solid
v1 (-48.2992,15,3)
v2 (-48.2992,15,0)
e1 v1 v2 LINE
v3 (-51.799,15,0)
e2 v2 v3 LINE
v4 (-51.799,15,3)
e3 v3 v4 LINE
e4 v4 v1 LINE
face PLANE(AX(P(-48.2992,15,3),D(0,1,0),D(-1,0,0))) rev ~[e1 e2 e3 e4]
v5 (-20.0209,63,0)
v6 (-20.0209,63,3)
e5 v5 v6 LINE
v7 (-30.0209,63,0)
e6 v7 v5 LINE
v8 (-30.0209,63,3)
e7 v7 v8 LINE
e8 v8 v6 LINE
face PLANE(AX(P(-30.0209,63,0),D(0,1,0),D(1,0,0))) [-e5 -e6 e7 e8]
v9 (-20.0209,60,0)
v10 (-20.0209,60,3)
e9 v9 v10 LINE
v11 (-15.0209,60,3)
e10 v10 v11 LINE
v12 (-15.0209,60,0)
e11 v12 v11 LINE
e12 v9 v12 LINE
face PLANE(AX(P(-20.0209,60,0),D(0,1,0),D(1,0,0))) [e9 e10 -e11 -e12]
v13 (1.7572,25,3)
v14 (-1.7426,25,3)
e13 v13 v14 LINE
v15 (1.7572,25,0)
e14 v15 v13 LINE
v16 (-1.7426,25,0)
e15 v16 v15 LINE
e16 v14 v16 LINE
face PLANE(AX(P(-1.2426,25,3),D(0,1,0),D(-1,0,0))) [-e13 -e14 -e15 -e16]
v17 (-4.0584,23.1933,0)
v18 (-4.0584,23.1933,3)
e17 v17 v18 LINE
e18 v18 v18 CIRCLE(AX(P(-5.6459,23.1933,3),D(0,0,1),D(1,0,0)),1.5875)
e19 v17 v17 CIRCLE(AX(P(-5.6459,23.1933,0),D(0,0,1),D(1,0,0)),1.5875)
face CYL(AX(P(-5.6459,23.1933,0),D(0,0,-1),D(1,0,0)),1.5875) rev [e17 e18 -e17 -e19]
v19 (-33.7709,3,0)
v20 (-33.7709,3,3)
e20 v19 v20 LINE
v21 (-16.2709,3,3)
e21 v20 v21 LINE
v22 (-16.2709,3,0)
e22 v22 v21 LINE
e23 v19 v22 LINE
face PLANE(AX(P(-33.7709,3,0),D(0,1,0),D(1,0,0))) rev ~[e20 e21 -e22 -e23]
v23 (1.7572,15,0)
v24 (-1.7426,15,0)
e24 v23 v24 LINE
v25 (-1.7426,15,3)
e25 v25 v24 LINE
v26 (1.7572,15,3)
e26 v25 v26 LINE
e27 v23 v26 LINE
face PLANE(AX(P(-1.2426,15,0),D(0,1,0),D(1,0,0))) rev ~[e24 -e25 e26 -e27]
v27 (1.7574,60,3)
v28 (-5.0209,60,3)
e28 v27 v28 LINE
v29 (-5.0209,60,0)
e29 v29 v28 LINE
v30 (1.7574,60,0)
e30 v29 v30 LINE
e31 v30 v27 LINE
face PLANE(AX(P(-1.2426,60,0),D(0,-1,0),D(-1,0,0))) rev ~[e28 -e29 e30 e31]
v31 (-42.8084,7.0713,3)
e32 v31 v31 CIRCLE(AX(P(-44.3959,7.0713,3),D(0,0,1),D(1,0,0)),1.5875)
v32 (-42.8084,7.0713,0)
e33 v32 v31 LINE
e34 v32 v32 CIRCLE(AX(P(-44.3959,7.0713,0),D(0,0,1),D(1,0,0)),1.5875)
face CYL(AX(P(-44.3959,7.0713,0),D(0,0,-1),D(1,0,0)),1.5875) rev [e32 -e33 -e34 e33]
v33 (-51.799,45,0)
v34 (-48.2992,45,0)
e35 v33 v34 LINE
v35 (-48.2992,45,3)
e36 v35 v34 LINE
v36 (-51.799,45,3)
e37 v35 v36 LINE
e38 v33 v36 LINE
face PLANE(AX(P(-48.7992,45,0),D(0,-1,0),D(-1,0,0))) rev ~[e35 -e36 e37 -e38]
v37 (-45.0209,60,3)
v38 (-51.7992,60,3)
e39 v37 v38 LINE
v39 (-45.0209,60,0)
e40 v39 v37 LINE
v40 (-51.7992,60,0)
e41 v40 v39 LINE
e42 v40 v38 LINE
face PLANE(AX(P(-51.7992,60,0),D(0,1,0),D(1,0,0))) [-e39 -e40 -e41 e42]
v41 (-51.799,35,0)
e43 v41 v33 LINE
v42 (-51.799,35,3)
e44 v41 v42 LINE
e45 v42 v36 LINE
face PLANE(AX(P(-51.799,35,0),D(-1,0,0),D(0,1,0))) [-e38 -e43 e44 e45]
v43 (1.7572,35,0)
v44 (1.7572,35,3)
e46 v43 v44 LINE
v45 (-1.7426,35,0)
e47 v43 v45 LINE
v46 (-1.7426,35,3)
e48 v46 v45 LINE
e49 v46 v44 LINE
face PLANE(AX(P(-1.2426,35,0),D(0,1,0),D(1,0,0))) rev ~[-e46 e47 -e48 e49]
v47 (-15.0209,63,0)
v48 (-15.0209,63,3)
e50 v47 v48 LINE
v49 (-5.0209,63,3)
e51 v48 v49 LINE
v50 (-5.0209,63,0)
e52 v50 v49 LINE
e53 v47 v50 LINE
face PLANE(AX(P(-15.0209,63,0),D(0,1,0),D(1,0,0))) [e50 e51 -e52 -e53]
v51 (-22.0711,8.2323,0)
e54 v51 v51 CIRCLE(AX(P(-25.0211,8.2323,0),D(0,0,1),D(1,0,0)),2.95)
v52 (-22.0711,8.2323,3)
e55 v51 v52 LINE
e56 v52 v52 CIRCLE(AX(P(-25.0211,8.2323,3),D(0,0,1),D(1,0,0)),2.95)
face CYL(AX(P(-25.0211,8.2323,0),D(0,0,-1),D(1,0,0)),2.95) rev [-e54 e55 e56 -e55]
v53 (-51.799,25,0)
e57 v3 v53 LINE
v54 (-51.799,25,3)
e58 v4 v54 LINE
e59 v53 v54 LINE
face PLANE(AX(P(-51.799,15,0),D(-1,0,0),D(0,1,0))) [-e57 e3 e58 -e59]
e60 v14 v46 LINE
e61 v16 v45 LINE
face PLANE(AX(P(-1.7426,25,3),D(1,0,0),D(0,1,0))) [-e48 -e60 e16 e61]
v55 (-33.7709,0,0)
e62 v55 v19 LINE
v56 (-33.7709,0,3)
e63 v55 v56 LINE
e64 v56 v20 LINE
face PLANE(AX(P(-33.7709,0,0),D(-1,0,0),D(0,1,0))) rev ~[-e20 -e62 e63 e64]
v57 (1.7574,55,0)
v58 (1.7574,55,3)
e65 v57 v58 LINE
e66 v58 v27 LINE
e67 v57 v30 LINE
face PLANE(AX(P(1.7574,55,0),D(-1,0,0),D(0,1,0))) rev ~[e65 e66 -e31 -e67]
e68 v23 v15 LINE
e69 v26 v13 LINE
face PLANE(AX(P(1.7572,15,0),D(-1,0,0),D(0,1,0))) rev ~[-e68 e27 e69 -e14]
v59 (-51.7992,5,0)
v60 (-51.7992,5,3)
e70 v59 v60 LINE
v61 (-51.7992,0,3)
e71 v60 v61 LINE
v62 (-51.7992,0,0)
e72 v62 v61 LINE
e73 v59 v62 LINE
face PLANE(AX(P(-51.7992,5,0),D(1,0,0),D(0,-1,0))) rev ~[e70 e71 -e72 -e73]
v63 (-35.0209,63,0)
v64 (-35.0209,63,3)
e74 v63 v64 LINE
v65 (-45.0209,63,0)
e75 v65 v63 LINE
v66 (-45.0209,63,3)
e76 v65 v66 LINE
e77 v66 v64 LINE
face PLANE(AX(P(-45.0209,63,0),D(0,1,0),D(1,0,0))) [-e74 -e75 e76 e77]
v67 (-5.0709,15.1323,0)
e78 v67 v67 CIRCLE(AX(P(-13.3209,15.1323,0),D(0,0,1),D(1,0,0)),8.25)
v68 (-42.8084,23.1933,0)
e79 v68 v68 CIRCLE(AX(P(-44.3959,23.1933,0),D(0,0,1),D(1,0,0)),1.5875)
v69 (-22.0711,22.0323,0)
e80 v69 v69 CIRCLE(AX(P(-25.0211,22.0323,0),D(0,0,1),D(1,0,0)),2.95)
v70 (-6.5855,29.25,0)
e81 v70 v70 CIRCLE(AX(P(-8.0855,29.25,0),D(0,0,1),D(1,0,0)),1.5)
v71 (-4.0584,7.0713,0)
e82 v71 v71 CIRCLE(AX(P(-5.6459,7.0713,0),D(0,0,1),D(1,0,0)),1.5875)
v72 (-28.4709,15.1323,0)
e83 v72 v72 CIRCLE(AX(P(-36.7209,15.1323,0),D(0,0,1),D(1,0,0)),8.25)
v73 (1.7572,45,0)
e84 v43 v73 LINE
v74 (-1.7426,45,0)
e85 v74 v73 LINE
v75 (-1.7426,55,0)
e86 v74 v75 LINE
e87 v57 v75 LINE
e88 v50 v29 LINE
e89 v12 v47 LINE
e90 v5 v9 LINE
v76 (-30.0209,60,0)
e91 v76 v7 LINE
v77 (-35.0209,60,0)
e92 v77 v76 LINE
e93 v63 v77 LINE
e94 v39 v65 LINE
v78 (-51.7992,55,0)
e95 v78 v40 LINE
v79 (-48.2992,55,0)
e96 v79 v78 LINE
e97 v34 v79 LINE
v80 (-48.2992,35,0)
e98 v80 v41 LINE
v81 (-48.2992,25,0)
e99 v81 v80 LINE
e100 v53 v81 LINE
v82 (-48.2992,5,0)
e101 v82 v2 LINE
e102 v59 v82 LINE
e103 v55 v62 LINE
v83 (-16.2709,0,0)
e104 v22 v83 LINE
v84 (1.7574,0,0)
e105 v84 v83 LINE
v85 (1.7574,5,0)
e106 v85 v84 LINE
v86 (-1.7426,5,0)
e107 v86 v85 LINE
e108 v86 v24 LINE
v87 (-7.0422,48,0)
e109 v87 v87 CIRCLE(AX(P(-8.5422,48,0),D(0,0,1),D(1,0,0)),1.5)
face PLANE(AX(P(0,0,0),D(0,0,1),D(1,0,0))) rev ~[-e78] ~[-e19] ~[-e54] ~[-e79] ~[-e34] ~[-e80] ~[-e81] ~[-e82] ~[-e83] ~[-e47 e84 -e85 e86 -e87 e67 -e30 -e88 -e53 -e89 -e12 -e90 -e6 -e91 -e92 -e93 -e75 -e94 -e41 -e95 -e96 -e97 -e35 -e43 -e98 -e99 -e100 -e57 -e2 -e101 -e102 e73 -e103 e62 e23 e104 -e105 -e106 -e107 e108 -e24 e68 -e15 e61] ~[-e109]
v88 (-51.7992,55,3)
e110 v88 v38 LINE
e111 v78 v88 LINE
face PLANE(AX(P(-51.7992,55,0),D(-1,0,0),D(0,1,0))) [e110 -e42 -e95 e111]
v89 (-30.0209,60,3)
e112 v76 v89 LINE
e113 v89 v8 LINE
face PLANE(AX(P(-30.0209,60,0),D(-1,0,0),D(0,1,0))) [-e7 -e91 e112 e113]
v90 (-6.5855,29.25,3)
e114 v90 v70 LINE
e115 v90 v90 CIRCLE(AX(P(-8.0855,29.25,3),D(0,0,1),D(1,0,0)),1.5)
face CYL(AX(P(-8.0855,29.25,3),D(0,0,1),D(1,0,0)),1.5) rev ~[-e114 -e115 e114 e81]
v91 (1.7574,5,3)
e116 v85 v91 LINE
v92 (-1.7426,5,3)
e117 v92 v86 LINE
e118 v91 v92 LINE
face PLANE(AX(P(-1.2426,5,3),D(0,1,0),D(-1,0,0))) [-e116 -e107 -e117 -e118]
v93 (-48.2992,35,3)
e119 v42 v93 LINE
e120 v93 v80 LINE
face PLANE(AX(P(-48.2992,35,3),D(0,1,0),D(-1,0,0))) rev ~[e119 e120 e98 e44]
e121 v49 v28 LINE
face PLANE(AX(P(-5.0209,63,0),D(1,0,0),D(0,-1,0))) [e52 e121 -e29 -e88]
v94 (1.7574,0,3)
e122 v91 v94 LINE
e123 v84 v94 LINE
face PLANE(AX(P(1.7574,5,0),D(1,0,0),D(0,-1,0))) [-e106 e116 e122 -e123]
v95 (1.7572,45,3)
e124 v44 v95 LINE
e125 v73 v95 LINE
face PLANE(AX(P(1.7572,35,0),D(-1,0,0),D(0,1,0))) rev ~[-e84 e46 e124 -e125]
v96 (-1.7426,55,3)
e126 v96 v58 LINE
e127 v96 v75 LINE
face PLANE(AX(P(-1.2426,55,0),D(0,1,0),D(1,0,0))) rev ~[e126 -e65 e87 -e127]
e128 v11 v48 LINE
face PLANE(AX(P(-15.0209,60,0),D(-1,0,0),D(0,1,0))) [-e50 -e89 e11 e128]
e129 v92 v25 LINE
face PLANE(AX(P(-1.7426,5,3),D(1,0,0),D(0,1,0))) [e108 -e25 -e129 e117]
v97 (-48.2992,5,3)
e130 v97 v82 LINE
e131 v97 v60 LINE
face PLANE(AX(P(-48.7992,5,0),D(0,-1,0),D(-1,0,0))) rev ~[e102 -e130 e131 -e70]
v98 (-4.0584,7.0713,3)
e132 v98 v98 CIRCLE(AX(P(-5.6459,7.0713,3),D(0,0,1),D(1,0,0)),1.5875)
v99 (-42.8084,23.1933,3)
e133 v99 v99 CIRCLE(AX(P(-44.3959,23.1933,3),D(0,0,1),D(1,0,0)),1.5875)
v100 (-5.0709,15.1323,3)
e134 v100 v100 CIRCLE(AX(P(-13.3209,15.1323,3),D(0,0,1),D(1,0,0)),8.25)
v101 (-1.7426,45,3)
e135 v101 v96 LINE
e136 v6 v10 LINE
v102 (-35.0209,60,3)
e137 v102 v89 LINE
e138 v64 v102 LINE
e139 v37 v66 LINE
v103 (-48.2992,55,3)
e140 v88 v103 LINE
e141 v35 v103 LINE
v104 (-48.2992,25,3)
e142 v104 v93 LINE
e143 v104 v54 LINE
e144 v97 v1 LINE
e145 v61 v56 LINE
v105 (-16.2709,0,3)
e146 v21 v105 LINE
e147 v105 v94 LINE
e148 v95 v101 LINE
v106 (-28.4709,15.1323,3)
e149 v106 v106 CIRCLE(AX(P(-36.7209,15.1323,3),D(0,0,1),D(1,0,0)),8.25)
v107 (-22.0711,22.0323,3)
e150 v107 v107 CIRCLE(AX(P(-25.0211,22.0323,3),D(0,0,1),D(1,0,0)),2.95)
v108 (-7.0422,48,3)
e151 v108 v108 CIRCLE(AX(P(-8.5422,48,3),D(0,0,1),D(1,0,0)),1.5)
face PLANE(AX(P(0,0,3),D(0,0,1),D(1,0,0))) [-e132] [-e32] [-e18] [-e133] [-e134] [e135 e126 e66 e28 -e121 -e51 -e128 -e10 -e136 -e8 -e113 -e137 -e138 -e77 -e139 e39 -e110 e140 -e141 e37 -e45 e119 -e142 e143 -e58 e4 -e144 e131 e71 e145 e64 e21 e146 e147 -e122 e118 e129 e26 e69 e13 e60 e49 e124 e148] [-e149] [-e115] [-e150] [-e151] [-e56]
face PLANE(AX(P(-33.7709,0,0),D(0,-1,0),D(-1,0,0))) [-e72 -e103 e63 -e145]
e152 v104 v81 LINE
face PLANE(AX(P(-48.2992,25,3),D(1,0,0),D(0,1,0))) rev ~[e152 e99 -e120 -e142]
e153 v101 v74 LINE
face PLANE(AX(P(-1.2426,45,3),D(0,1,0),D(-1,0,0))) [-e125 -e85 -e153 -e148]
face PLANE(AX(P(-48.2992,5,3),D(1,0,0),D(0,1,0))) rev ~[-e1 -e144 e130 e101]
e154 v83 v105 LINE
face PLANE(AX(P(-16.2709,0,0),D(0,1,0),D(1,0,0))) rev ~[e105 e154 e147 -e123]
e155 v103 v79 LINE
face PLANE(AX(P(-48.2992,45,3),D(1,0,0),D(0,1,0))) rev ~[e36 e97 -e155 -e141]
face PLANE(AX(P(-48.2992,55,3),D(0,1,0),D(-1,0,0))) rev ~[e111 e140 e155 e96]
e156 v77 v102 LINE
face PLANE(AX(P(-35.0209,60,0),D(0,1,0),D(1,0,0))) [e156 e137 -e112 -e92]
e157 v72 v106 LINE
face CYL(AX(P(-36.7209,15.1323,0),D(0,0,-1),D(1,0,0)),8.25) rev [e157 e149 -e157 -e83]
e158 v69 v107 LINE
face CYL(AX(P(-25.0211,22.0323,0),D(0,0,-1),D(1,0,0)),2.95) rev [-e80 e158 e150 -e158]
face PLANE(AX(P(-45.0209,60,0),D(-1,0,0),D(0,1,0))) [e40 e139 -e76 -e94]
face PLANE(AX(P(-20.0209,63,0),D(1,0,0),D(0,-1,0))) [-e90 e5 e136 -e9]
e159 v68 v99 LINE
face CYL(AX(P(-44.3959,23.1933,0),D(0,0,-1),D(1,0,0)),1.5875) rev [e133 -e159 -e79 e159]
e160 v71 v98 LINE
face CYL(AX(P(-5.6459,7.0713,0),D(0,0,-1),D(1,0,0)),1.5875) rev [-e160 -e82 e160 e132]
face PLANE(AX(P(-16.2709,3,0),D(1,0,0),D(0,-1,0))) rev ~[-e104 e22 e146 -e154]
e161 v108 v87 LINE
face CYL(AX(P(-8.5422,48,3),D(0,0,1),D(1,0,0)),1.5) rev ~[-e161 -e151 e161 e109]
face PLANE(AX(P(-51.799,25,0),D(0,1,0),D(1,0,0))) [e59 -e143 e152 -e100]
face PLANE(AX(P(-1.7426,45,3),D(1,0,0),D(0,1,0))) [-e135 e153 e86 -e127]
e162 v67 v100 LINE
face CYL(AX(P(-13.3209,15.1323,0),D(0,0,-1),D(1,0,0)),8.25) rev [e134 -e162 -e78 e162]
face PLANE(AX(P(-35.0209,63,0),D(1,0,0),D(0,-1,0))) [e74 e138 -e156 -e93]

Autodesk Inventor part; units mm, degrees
ref_plane "YZ Plane" through (0, 0, 0) normal (1, 0, 0) x (0, 1, 0)
ref_plane "XZ Plane" through (0, 0, 0) normal (0, 1, 0) x (-1, 0, 0)
ref_plane "XY Plane" through (0, 0, 0) normal (0, 0, 1) x (1, 0, 0)
sketch "Sketch1" plane through (0, 0, 0) normal (0, 0, 1) x (1, 0, 0)
  line L0 (-16.2709, 3) -> (-16.2709, 0)
  line L1 (-33.7709, 3) -> (-16.2709, 3)
  line L2 (-33.7709, 0) -> (-33.7709, 3)
  line L3 (-33.7709, 0) -> (-48.7992, 0)
  line L4 (-30.0209, 63) -> (-20.0209, 63)
  line L5 (-20.0209, 63) -> (-20.0209, 60)
  line L6 (-30.0209, 60) -> (-30.0209, 63)
  line L7 (-30.0209, 63) -> (-20.0209, 60) construction
  line L8 (-20.0209, 63) -> (-30.0209, 60) construction
  line L9 (-25.4776, 30) -> (-35.4566, 30) construction
  line L10 (-25.0209, 30) -> (-25.0209, 38) construction
  line L11 (-45.0209, 63) -> (-35.0209, 63)
  line L12 (-35.0209, 63) -> (-35.0209, 60)
  line L13 (-45.0209, 60) -> (-45.0209, 63)
  line L14 (-45.0209, 63) -> (-35.0209, 60) construction
  line L15 (-35.0209, 63) -> (-45.0209, 60) construction
  line L16 (-15.0209, 63) -> (-5.0209, 63)
  line L17 (-5.0209, 63) -> (-5.0209, 60)
  line L18 (-15.0209, 60) -> (-15.0209, 63)
  line L19 (-15.0209, 63) -> (-5.0209, 60) construction
  line L20 (-5.0209, 63) -> (-15.0209, 60) construction
  line L21 (-30.0209, 63) -> (-20.0209, 63)
  line L22 (-20.0209, 63) -> (-20.0209, 60)
  line L23 (-30.0209, 60) -> (-30.0209, 63)
  line L24 (-30.0209, 63) -> (-20.0209, 60) construction
  line L25 (-20.0209, 63) -> (-30.0209, 60) construction
  line L26 (-48.7992, 60) -> (-45.0209, 60)
  line L27 (-35.0209, 60) -> (-30.0209, 60)
  line L28 (-20.0209, 60) -> (-15.0209, 60)
  line L29 (-48.7992, 15) -> (-51.799, 15)
  line L30 (-51.799, 15) -> (-51.799, 25)
  line L31 (-51.799, 25) -> (-48.7992, 25)
  line L32 (-48.7992, 35) -> (-51.799, 35)
  line L33 (-51.799, 35) -> (-51.799, 45)
  line L34 (-48.7992, 45) -> (-51.799, 45)
  line L35 (-48.7992, 55) -> (-51.7992, 55)
  line L36 (-48.7992, 55) -> (-45.7992, 55) construction
  line L37 (-51.7992, 55) -> (-51.7992, 60)
  line L38 (-51.7992, 60) -> (-48.7992, 60)
  line L39 (-48.7992, 55) -> (-48.7992, 45)
  line L40 (-48.7992, 35) -> (-48.7992, 25)
  line L41 (-48.7992, 15) -> (-48.7992, 5)
  line L42 (-48.7992, 5) -> (-51.7992, 5)
  line L43 (-51.7992, 5) -> (-51.7992, 0)
  line L44 (-51.7992, 0) -> (-48.7992, 0)
  line L45 (-16.2709, 0) -> (-1.2426, 0)
  line L46 (-1.2426, 60) -> (-5.0209, 60)
  line L47 (-1.2426, 15) -> (1.7572, 15)
  line L48 (1.7572, 15) -> (1.7572, 25)
  line L49 (1.7572, 25) -> (-1.2426, 25)
  line L50 (-1.2426, 35) -> (1.7572, 35)
  line L51 (1.7572, 35) -> (1.7572, 45)
  line L52 (-1.2426, 45) -> (1.7572, 45)
  line L53 (-1.2426, 55) -> (1.7574, 55)
  line L54 (1.7574, 55) -> (1.7574, 60)
  line L55 (1.7574, 60) -> (-1.2426, 60)
  line L56 (-1.2426, 55) -> (-1.2426, 45)
  line L57 (-1.2426, 35) -> (-1.2426, 25)
  line L58 (-1.2426, 15) -> (-1.2426, 5)
  line L59 (-1.2426, 5) -> (1.7574, 5)
  line L60 (1.7574, 5) -> (1.7574, 0)
  line L61 (1.7574, 0) -> (-1.2426, 0)
  circle A0 centre (-44.3959, 23.1933) radius 1.5875
  circle A1 centre (-44.3959, 7.0713) radius 1.5875
  circle A2 centre (-36.7209, 15.1323) radius 8.25
  circle A3 centre (-25.0211, 22.0323) radius 2.95
  circle A4 centre (-25.0211, 8.2323) radius 2.95
  circle A5 centre (-13.3209, 15.1323) radius 8.25
  circle A6 centre (-5.6459, 7.0713) radius 1.5875
  circle A7 centre (-5.6459, 23.1933) radius 1.5875
  circle A8 centre (-41.9566, 29.25) radius 1.5
  circle A9 centre (-41.5, 48) radius 1.5
  line L62 (-5.6459, 7.0713) -> (-44.3959, 23.1933) construction
  line L63 (-44.3959, 23.1933) -> (-5.6459, 23.1933) construction
  line L64 (-5.6459, 23.1933) -> (-44.3959, 7.0713) construction
  point P0 (0, 0)
  point P1 (-25.0209, 61.5)
  point P2 (-40.0209, 61.5)
  point P3 (-10.0209, 61.5)
  point P4 (-25.0209, 61.5)
  point P5 (-48.7992, 30)
  point P6 (-1.2426, 30)
  point P7 (-25.4776, 15.3162)
  point P8 (-25.4776, 15.3162)
  point P9 (-25.4776, 15.3162)
  point P10 (-25.4776, 15.3162)
  point P11 (-25.0209, 3)
  point P12 (-25.0209, 15.1323)
  dimension "d0" = 10
  dimension "d1" = 3
  dimension "d4" = 15
  dimension "d7" = 15
  dimension "d13" = 3
  dimension "d14" = 180
  dimension "d15" = 3
  dimension "d17" = 7.675
  dimension "d18" = 7.675
  dimension "d23" = 2.9998
  dimension "d30" = 11.7002
  dimension "d31" = 11.6998
  dimension "d32" = 7.675
  dimension "d33" = 7.675
  dimension "d34" = 11.6998
  dimension "d35" = 11.7002
  dimension "d45" = 8.061
  dimension "d46" = 8.061
extrude "Extrusion2" add sketch "Sketch1" along normal blind 3
sketch "Sketch2" plane through (0, 0, 3) normal (0, 0, 1) x (1, 0, 0)
  line L0 (-1.2426, 5) -> (-1.2426, 15) projected
  line L1 (-1.2426, 25) -> (-1.2426, 35) projected
  line L2 (-1.2426, 45) -> (-1.2426, 55) projected
  line L3 (-48.7992, 55) -> (-48.7992, 45) projected
  line L4 (-48.7992, 35) -> (-48.7992, 25) projected
  line L5 (-48.7992, 15) -> (-48.7992, 5) projected
  line L6 (-1.2426, 5) -> (-1.7426, 5)
  line L7 (-1.7426, 5) -> (-1.7426, 15)
  line L8 (-1.7426, 15) -> (-1.2426, 15)
  line L9 (-1.2426, 25) -> (-1.7426, 25)
  line L10 (-1.7426, 25) -> (-1.7426, 35)
  line L11 (-1.7426, 35) -> (-1.2426, 35)
  line L12 (-1.2426, 45) -> (-1.7426, 45)
  line L13 (-1.7426, 45) -> (-1.7426, 55)
  line L14 (-1.7426, 55) -> (-1.2426, 55)
  line L15 (-48.7992, 5) -> (-48.2992, 5)
  line L16 (-48.2992, 5) -> (-48.2992, 15)
  line L17 (-48.2992, 15) -> (-48.7992, 15)
  line L18 (-48.7992, 25) -> (-48.2992, 25)
  line L19 (-48.2992, 25) -> (-48.2992, 35)
  line L20 (-48.2992, 35) -> (-48.7992, 35)
  line L21 (-48.7992, 45) -> (-48.2992, 45)
  line L22 (-48.7992, 45) -> (-51.799, 45) projected
  line L23 (-48.2992, 45) -> (-48.2992, 55)
  line L24 (-48.2992, 55) -> (-48.7992, 55)
  point P0 (0, 0)
  dimension "d24" = 0.5
  dimension "d25" = 0.5
  dimension "d28" = 0.5
  dimension "d29" = 0.5
extrude "Extrusion3" cut sketch "Sketch2" against normal through all
sketch "Sketch3" plane through (0, 0, 3) normal (0, 0, 1) x (1, 0, 0)
  line L0 (-48.2992, 25) -> (-51.799, 25) projected
  line L1 (-51.799, 25) -> (-51.799, 15) projected
  line L2 (-51.799, 15) -> (-48.2992, 15) projected
  line L3 (-48.2992, 15) -> (-48.2992, 5) projected
  line L4 (-48.2992, 5) -> (-51.7992, 5) projected
  line L5 (-51.7992, 5) -> (-51.7992, 0) projected
  line L6 (-51.7992, 0) -> (-33.7709, 0) projected
  line L7 (-33.7709, 0) -> (-33.7709, 3) projected
  line L8 (-33.7709, 3) -> (-16.2709, 3) projected
  line L9 (-16.2709, 3) -> (-16.2709, 0) projected
  line L10 (-16.2709, 0) -> (1.7574, 0) projected
  line L11 (1.7574, 0) -> (1.7574, 5) projected
  line L12 (1.7574, 5) -> (-1.7426, 5) projected
  line L13 (-1.7426, 5) -> (-1.7426, 15) projected
  line L14 (-1.7426, 15) -> (1.7572, 15) projected
  line L15 (1.7572, 15) -> (1.7572, 25) projected
  line L16 (1.7572, 25) -> (-1.7426, 25) projected
  line L17 (-1.7426, 25) -> (-1.7426, 35) projected
  line L18 (-1.7426, 35) -> (1.7572, 35) projected
  line L19 (1.7572, 35) -> (1.7572, 45) projected
  line L20 (1.7572, 45) -> (-1.7426, 45) projected
  line L21 (-1.7426, 45) -> (-1.7426, 55) projected
  line L22 (-1.7426, 55) -> (1.7574, 55) projected
  line L23 (1.7574, 55) -> (1.7574, 60) projected
  line L24 (1.7574, 60) -> (-5.0209, 60) projected
  line L25 (-5.0209, 60) -> (-5.0209, 63) projected
  line L26 (-5.0209, 63) -> (-15.0209, 63) projected
  line L27 (-15.0209, 63) -> (-15.0209, 60) projected
  line L28 (-15.0209, 60) -> (-20.0209, 60) projected
  line L29 (-20.0209, 60) -> (-20.0209, 63) projected
  line L30 (-20.0209, 63) -> (-30.0209, 63) projected
  line L31 (-30.0209, 63) -> (-30.0209, 60) projected
  line L32 (-30.0209, 60) -> (-35.0209, 60) projected
  line L33 (-35.0209, 60) -> (-35.0209, 63) projected
  line L34 (-35.0209, 63) -> (-45.0209, 63) projected
  line L35 (-45.0209, 63) -> (-45.0209, 60) projected
  line L36 (-45.0209, 60) -> (-51.7992, 60) projected
  line L37 (-51.7992, 60) -> (-51.7992, 55) projected
  line L38 (-51.7992, 55) -> (-48.2992, 55) projected
  line L39 (-48.2992, 55) -> (-48.2992, 45) projected
  line L40 (-48.2992, 45) -> (-51.799, 45) projected
  line L41 (-51.799, 45) -> (-51.799, 35) projected
  line L42 (-51.799, 35) -> (-48.2992, 35) projected
  line L43 (-48.2992, 35) -> (-48.2992, 25) projected
  circle A0 centre (-13.3209, 15.1323) radius 8.25 projected
  circle A1 centre (-36.7209, 15.1323) radius 8.25 projected
  circle A2 centre (-25.0211, 8.2323) radius 2.95 projected
  circle A3 centre (-25.0211, 22.0323) radius 2.95 projected
  circle A4 centre (-5.6459, 7.0713) radius 1.5875 projected
  circle A5 centre (-5.6459, 23.1933) radius 1.5875 projected
  circle A6 centre (-44.3959, 7.0713) radius 1.5875 projected
  circle A7 centre (-44.3959, 23.1933) radius 1.5875 projected
  circle A8 centre (-41.9566, 29.25) radius 1.5 projected
  circle A9 centre (-41.5, 48) radius 1.5 projected
  line L44 (-25.0211, 33) -> (-25.0211, 49.5)
  circle A10 centre (-8.0855, 29.25) radius 1.5
  circle A11 centre (-8.5422, 48) radius 1.5
  point P0 (0, 0)
extrude "Extrusion4" cut sketch "Sketch3" against normal up to next contours A10 | A11
extrude "Extrusion5" add sketch "Sketch3" against normal blind 3 contours A8 | A9
equation "\"d46\" = d45"
equation "\"d25\" = d24"
equation "\"d28\" = d24"
equation "\"d29\" = d24"
properties part number "srf diag kiri"
